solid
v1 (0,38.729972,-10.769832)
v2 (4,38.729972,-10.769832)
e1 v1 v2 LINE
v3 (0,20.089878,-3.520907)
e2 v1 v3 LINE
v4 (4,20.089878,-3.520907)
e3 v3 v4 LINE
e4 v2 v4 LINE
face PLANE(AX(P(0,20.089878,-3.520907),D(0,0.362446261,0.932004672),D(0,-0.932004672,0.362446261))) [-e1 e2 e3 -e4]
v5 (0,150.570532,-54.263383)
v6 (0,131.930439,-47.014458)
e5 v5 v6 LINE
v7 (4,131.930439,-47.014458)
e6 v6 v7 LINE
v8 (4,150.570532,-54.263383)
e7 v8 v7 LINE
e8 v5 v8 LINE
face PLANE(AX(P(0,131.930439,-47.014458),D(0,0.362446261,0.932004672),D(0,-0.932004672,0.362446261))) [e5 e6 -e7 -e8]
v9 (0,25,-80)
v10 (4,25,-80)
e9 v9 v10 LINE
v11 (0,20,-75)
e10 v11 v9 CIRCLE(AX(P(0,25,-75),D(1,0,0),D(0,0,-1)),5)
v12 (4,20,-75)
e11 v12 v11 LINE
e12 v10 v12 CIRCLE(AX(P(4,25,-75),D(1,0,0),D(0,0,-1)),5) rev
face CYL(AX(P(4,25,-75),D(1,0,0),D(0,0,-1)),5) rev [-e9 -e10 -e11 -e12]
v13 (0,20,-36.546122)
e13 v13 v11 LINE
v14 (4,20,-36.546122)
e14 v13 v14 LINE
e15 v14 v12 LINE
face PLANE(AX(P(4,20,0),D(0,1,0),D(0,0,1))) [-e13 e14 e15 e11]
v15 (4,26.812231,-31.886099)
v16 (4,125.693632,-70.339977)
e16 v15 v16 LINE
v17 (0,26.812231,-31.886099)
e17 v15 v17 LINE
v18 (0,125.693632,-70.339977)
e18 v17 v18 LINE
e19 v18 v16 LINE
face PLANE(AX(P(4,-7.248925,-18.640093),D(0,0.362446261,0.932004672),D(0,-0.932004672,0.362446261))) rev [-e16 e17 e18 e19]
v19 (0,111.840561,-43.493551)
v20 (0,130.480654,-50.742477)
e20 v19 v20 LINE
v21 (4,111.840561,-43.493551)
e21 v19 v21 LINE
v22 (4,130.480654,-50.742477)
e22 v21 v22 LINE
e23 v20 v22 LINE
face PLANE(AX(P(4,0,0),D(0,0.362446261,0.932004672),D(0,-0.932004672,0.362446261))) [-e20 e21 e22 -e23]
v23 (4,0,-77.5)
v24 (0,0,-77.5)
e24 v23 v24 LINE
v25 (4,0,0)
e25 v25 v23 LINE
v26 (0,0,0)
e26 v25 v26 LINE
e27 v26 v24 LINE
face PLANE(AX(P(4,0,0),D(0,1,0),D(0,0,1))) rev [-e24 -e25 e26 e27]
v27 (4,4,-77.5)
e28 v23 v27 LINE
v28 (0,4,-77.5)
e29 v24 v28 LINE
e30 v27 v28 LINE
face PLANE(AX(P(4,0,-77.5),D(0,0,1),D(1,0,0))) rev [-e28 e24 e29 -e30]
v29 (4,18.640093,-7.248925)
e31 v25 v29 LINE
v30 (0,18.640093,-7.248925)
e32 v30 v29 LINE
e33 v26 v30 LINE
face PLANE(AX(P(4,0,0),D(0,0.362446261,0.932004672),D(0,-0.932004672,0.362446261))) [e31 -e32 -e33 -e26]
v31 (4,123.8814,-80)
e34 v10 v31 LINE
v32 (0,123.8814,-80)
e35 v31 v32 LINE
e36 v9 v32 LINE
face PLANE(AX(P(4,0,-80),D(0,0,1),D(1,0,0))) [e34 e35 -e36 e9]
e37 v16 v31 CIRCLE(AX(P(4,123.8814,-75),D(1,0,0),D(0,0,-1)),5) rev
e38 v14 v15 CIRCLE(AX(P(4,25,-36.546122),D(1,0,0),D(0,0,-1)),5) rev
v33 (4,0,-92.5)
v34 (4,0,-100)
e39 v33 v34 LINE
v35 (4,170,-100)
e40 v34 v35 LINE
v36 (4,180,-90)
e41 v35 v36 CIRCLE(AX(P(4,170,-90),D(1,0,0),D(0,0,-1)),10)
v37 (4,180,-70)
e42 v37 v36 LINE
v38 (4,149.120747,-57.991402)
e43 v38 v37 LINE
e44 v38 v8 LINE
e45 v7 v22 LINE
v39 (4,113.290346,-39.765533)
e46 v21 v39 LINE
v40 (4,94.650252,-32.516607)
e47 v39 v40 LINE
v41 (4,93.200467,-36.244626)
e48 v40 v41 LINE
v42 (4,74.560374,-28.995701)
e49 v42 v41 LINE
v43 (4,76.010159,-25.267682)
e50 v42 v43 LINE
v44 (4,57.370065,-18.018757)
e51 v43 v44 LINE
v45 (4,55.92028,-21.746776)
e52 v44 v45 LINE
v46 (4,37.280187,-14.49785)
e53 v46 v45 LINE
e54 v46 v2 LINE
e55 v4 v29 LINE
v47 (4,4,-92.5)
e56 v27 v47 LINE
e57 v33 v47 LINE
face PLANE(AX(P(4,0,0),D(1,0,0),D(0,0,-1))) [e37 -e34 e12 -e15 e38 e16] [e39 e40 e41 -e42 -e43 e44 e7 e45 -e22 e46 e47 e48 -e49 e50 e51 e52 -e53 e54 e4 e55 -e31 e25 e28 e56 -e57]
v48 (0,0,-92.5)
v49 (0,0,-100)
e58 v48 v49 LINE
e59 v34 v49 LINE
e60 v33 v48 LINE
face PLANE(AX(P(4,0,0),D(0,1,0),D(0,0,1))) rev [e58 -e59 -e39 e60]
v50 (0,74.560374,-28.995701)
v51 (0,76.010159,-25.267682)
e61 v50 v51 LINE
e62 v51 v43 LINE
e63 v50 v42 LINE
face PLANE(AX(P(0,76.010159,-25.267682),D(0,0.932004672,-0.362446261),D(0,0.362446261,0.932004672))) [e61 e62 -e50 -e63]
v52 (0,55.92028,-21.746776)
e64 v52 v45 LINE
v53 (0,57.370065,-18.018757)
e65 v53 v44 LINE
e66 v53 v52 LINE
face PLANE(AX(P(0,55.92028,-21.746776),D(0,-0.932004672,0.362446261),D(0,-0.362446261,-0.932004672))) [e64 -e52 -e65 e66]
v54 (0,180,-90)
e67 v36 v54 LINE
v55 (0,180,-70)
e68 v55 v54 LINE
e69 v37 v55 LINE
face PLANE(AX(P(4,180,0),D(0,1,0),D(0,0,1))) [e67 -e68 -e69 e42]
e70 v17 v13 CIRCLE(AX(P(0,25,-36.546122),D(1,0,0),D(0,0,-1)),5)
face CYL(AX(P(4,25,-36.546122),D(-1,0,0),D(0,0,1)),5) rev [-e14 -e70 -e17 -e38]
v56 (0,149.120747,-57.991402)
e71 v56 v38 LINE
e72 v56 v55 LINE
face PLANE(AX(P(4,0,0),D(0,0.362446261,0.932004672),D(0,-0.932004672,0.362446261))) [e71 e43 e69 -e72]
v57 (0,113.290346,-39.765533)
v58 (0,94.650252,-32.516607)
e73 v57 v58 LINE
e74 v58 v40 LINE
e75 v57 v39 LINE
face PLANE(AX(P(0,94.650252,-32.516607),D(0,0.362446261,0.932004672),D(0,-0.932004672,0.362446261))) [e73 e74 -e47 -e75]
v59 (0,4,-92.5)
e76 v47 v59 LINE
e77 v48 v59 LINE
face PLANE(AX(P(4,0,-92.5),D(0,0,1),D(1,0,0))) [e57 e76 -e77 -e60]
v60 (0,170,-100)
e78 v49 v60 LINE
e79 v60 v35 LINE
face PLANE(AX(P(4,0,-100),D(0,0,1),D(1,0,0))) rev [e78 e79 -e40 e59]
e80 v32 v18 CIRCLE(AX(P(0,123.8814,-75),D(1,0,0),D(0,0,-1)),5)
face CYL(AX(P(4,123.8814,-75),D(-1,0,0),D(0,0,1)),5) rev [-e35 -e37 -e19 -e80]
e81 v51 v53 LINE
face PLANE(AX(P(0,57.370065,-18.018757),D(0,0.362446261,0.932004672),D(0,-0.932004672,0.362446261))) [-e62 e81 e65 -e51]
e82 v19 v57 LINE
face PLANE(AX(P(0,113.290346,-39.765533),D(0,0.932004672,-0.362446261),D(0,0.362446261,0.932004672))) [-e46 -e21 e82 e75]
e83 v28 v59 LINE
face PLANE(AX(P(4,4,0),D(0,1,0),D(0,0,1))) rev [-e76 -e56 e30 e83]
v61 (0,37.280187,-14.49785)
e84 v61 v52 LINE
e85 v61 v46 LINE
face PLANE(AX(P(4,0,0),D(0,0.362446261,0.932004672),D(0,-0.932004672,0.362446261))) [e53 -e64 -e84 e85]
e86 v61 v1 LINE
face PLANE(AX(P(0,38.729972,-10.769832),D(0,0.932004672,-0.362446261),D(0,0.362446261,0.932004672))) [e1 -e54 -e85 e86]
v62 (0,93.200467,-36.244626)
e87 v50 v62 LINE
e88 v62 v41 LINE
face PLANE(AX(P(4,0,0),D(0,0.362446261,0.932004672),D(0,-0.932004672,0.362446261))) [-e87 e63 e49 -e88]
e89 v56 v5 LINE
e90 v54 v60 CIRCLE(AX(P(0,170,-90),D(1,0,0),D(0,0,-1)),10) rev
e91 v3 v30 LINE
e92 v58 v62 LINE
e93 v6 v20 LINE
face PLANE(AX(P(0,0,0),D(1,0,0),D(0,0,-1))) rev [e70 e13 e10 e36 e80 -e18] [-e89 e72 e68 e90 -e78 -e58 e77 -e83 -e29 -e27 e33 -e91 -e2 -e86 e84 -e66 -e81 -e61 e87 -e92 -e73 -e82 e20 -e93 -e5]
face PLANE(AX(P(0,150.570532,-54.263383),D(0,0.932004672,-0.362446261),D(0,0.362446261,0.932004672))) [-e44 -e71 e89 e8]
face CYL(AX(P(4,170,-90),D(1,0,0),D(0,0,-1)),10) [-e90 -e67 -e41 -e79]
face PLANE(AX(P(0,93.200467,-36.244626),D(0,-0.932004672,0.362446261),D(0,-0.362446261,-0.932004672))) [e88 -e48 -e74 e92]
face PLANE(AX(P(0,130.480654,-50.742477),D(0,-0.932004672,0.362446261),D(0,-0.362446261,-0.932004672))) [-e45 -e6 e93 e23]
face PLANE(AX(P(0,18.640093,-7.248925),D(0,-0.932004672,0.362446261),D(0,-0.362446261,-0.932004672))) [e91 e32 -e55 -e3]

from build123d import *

# Parameters (mm, degrees)
ESTRUSIONE_ESTRUSIONE1_DEPTH = 4
ESTRUSIONE_ESTRUSIONE2_DEPTH = 4
RACCORDO2_R                  = 10
RACCORDO3_R                  = 5


with BuildPart() as part:
    # Schizzo1 → Estrusione-Estrusione1 (new body)
    with BuildSketch(Plane(origin=(0, 0, 0), x_dir=(0, 0, -1), z_dir=(1, 0, 0))):
        Polygon((70, 180), (0, 0), (77.5, 0), (77.5, 4), (92.5, 4), (92.5, 0), (100, 0), (100, 180), align=None)
        Polygon((80, 150.533691669), (80, 20), (29.236897684, 20), align=None, mode=Mode.SUBTRACT)
    extrude(amount=ESTRUSIONE_ESTRUSIONE1_DEPTH)

    # Schizzo2 → Estrusione-Estrusione2 (add)
    with BuildSketch(Plane(origin=(4, 0, 0), x_dir=(0, 0, -1), z_dir=(1, 0, 0))):
        Polygon((7.248925223, 18.640093431), (3.520906537, 20.089878475), (10.76983176, 38.729971906), (14.497850446, 37.280186862), align=None)
        Polygon((28.995700892, 74.560373723), (21.746775669, 55.920280292), (18.018756983, 57.370065337), (25.267682206, 76.010158768), align=None)
        Polygon((43.493551339, 111.840560585), (36.244626115, 93.200467154), (32.516607429, 94.650252199), (39.765532652, 113.29034563), align=None)
        Polygon((57.991401785, 149.120747447), (50.742476562, 130.480654016), (47.014457876, 131.93043906), (54.263383099, 150.570532491), align=None)
    extrude(amount=-ESTRUSIONE_ESTRUSIONE2_DEPTH)

    # Raccordo2
    raccordo2_edges = [part.edges().sort_by_distance(p)[0] for p in [
        (2, 180, -100),
    ]]
    fillet(raccordo2_edges, radius=RACCORDO2_R)

    # Raccordo3
    raccordo3_edges = [part.edges().sort_by_distance(p)[0] for p in [
        (2, 20, -80),
        (2, 150.533691669, -80),
        (2, 20, -29.236897684),
    ]]
    fillet(raccordo3_edges, radius=RACCORDO3_R)


solid = part.part
